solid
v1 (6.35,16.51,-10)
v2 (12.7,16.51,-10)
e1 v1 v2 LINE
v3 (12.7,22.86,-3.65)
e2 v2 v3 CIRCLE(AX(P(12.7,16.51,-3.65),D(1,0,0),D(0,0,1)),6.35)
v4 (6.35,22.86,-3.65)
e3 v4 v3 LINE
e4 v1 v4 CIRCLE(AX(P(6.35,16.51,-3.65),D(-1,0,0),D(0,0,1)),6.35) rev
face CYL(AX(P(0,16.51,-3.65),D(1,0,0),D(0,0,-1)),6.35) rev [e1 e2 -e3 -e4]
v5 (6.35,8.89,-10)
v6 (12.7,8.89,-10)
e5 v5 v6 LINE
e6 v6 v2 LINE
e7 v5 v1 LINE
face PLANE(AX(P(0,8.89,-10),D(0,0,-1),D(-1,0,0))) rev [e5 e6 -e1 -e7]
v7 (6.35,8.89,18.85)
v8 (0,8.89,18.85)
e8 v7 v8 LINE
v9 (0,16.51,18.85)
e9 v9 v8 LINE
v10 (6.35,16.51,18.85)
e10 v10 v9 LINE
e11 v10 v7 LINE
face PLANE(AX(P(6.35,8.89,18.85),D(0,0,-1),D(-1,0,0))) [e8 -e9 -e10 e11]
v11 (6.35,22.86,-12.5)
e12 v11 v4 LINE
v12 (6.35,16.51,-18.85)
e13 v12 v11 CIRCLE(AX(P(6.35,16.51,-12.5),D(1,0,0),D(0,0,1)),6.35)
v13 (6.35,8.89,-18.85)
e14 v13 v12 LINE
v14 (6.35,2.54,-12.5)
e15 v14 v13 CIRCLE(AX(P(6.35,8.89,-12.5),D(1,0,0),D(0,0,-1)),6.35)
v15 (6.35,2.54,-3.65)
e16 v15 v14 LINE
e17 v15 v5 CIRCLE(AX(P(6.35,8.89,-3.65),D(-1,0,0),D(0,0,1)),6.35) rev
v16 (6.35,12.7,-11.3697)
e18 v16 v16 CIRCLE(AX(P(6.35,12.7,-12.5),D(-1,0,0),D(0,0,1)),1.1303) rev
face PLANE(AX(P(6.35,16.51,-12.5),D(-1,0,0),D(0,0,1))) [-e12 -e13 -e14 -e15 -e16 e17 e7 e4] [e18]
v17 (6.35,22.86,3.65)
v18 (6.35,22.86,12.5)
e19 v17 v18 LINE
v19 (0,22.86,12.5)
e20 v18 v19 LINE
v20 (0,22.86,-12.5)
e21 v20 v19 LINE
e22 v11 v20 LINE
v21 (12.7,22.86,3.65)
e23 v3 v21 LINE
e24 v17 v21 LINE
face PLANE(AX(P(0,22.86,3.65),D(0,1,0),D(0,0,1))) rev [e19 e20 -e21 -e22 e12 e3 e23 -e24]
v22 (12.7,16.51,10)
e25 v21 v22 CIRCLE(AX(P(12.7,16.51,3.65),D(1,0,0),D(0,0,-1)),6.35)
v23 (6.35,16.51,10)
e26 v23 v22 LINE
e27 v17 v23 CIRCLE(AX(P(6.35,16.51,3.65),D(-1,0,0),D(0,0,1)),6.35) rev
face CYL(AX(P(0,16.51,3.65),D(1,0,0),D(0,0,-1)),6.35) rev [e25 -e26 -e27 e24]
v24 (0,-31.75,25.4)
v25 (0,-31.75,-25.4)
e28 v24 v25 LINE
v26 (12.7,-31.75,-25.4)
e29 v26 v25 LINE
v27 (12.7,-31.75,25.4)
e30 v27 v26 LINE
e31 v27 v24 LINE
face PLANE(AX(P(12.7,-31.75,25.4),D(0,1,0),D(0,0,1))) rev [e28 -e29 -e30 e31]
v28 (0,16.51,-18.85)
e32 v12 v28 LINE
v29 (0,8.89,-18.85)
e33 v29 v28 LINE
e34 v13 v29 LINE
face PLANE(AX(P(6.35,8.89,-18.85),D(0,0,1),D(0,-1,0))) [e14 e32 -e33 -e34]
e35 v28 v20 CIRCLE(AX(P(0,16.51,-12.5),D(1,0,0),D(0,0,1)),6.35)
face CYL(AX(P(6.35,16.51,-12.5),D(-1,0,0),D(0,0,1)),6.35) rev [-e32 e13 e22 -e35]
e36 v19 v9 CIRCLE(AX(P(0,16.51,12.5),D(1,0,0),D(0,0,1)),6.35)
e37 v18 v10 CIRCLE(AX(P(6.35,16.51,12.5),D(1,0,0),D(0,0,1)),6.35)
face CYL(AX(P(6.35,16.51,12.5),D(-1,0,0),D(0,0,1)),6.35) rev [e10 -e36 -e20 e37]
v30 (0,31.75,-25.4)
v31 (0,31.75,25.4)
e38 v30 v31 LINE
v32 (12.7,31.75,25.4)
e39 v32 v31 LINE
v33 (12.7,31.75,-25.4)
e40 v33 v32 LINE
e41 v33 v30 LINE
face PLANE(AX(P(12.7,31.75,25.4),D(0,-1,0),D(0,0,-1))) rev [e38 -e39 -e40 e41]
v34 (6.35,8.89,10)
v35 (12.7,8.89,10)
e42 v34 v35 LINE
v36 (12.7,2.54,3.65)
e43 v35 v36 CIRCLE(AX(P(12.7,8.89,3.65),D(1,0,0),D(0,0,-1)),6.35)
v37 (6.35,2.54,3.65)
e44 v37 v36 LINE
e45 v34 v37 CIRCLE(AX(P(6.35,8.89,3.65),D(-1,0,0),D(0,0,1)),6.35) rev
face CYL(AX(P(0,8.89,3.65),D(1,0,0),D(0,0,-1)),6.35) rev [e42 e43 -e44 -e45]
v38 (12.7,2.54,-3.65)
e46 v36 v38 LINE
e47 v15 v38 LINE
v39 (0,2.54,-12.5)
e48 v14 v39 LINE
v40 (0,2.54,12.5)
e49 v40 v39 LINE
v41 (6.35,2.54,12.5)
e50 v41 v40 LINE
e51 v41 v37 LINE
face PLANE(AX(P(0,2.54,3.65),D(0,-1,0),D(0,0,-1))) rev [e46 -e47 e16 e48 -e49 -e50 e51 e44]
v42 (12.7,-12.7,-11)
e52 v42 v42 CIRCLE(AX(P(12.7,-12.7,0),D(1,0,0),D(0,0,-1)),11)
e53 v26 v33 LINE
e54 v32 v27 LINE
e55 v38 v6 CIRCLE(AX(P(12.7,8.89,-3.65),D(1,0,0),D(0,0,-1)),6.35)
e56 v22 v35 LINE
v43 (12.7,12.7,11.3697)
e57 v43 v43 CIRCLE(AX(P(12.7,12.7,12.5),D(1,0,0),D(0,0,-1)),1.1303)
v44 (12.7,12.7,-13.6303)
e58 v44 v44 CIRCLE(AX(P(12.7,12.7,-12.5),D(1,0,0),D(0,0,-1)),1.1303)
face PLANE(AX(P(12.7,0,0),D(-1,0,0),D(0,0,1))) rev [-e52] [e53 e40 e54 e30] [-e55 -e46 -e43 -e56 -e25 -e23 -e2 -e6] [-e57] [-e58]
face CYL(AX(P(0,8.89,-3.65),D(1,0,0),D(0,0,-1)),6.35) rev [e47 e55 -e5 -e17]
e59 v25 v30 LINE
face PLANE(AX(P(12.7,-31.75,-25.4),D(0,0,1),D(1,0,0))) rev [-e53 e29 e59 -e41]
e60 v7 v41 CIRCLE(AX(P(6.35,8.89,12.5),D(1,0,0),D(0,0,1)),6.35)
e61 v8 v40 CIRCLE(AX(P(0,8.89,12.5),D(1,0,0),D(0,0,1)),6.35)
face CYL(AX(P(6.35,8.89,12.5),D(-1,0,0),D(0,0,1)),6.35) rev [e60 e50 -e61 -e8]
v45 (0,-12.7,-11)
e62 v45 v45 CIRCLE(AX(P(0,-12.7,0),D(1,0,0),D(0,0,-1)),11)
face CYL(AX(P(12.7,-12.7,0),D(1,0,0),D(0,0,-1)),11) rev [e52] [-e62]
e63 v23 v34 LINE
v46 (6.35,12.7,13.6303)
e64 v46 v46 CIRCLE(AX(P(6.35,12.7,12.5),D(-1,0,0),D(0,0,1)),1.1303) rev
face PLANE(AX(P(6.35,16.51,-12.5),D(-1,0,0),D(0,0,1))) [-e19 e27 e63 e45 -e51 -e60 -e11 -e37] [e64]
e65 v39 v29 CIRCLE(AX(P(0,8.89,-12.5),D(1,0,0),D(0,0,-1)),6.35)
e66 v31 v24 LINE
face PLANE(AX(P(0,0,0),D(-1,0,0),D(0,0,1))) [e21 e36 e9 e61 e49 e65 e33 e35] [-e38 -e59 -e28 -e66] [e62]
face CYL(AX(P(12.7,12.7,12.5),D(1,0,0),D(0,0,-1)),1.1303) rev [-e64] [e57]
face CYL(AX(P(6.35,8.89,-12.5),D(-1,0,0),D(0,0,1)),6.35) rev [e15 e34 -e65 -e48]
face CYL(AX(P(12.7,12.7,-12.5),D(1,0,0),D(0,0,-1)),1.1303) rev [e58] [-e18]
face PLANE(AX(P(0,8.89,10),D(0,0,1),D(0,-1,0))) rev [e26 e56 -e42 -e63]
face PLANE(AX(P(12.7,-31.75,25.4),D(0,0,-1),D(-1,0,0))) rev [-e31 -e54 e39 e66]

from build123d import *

# Parameters (mm, degrees)
SKETCH1_W                  = 50.8
SKETCH1_H                  = 63.5
BOSS_EXTRUDE1_DEPTH        = 12.7
F_22_0_22_DIAMETER_HOLE1_D = 22
F_4_40_TAPPED_HOLE1_D      = 2.2606
CUT_EXTRUDE1_DEPTH         = 43.597094971
CUT_EXTRUDE2_DEPTH         = 6.35


with BuildPart() as part:
    # Sketch1 → Boss-Extrude1 (new body)
    with BuildSketch(Plane(origin=(0, 0, 0), x_dir=(0, 0, -1), z_dir=(1, 0, 0))):
        Rectangle(SKETCH1_W, SKETCH1_H)
    extrude(amount=BOSS_EXTRUDE1_DEPTH)

    # Ø22.0 (22) Diameter Hole1 (through all)
    with Locations(Plane(origin=(12.7, 0, 0), x_dir=(0, 0, -1), z_dir=(1, 0, 0))):
        with Locations((0, -12.7)):
            Hole(F_22_0_22_DIAMETER_HOLE1_D / 2)

    # Sketch4 → 1/16 NPT Tapped Hole1 (revolve, cut)
    with BuildSketch(Plane.ZX.offset(12.7)):
        Polygon((0, 0), (0, 13.530685027), (3.0734, 11.684), (3.0734, 6.858), (3.762574096, 6.858), (3.9679118, 0), align=None)
    revolve(axis=Axis((-6.35, 12.7, 0), (1, 0, 0)), mode=Mode.SUBTRACT)

    # #4-40 Tapped Hole1 (through all)
    with Locations(Plane(origin=(12.7, 0, 0), x_dir=(0, 0, -1), z_dir=(1, 0, 0))):
        with Locations((-12.5, 12.7), (12.5, 12.7)):
            Hole(F_4_40_TAPPED_HOLE1_D / 2)

    # Sketch9 → Cut-Extrude1 (cut, through all)
    with BuildSketch(Plane(origin=(12.7, 0, 0), x_dir=(0, 0, -1), z_dir=(1, 0, 0))):
        with BuildLine():
            Line((-3.65, 2.54), (3.65, 2.54))
            ThreePointArc((3.65, 2.54), (8.140128061, 4.399871939), (10, 8.89))
            Line((10, 8.89), (10, 16.51))
            ThreePointArc((10, 16.51), (8.140128061, 21.000128061), (3.65, 22.86))
            Line((3.65, 22.86), (-3.65, 22.86))
            ThreePointArc((-3.65, 22.86), (-8.140128061, 21.000128061), (-10, 16.51))
            Line((-10, 16.51), (-10, 8.89))
            ThreePointArc((-10, 8.89), (-8.140128061, 4.399871939), (-3.65, 2.54))
        make_face()
    extrude(amount=-CUT_EXTRUDE1_DEPTH, mode=Mode.SUBTRACT)

    # Sketch10 → Cut-Extrude2 (cut)
    with BuildSketch(Plane(origin=(0, 0, 0), x_dir=(0, 0, -1), z_dir=(1, 0, 0))):
        with BuildLine():
            Line((-12.5, 2.54), (12.5, 2.54))
            ThreePointArc((12.5, 2.54), (16.990128061, 4.399871939), (18.85, 8.89))
            Line((18.85, 8.89), (18.85, 16.51))
            ThreePointArc((18.85, 16.51), (16.990128061, 21.000128061), (12.5, 22.86))
            Line((12.5, 22.86), (-12.5, 22.86))
            ThreePointArc((-12.5, 22.86), (-16.990128061, 21.000128061), (-18.85, 16.51))
            Line((-18.85, 16.51), (-18.85, 8.89))
            ThreePointArc((-18.85, 8.89), (-16.990128061, 4.399871939), (-12.5, 2.54))
        make_face()
    extrude(amount=CUT_EXTRUDE2_DEPTH, mode=Mode.SUBTRACT)


solid = part.part
